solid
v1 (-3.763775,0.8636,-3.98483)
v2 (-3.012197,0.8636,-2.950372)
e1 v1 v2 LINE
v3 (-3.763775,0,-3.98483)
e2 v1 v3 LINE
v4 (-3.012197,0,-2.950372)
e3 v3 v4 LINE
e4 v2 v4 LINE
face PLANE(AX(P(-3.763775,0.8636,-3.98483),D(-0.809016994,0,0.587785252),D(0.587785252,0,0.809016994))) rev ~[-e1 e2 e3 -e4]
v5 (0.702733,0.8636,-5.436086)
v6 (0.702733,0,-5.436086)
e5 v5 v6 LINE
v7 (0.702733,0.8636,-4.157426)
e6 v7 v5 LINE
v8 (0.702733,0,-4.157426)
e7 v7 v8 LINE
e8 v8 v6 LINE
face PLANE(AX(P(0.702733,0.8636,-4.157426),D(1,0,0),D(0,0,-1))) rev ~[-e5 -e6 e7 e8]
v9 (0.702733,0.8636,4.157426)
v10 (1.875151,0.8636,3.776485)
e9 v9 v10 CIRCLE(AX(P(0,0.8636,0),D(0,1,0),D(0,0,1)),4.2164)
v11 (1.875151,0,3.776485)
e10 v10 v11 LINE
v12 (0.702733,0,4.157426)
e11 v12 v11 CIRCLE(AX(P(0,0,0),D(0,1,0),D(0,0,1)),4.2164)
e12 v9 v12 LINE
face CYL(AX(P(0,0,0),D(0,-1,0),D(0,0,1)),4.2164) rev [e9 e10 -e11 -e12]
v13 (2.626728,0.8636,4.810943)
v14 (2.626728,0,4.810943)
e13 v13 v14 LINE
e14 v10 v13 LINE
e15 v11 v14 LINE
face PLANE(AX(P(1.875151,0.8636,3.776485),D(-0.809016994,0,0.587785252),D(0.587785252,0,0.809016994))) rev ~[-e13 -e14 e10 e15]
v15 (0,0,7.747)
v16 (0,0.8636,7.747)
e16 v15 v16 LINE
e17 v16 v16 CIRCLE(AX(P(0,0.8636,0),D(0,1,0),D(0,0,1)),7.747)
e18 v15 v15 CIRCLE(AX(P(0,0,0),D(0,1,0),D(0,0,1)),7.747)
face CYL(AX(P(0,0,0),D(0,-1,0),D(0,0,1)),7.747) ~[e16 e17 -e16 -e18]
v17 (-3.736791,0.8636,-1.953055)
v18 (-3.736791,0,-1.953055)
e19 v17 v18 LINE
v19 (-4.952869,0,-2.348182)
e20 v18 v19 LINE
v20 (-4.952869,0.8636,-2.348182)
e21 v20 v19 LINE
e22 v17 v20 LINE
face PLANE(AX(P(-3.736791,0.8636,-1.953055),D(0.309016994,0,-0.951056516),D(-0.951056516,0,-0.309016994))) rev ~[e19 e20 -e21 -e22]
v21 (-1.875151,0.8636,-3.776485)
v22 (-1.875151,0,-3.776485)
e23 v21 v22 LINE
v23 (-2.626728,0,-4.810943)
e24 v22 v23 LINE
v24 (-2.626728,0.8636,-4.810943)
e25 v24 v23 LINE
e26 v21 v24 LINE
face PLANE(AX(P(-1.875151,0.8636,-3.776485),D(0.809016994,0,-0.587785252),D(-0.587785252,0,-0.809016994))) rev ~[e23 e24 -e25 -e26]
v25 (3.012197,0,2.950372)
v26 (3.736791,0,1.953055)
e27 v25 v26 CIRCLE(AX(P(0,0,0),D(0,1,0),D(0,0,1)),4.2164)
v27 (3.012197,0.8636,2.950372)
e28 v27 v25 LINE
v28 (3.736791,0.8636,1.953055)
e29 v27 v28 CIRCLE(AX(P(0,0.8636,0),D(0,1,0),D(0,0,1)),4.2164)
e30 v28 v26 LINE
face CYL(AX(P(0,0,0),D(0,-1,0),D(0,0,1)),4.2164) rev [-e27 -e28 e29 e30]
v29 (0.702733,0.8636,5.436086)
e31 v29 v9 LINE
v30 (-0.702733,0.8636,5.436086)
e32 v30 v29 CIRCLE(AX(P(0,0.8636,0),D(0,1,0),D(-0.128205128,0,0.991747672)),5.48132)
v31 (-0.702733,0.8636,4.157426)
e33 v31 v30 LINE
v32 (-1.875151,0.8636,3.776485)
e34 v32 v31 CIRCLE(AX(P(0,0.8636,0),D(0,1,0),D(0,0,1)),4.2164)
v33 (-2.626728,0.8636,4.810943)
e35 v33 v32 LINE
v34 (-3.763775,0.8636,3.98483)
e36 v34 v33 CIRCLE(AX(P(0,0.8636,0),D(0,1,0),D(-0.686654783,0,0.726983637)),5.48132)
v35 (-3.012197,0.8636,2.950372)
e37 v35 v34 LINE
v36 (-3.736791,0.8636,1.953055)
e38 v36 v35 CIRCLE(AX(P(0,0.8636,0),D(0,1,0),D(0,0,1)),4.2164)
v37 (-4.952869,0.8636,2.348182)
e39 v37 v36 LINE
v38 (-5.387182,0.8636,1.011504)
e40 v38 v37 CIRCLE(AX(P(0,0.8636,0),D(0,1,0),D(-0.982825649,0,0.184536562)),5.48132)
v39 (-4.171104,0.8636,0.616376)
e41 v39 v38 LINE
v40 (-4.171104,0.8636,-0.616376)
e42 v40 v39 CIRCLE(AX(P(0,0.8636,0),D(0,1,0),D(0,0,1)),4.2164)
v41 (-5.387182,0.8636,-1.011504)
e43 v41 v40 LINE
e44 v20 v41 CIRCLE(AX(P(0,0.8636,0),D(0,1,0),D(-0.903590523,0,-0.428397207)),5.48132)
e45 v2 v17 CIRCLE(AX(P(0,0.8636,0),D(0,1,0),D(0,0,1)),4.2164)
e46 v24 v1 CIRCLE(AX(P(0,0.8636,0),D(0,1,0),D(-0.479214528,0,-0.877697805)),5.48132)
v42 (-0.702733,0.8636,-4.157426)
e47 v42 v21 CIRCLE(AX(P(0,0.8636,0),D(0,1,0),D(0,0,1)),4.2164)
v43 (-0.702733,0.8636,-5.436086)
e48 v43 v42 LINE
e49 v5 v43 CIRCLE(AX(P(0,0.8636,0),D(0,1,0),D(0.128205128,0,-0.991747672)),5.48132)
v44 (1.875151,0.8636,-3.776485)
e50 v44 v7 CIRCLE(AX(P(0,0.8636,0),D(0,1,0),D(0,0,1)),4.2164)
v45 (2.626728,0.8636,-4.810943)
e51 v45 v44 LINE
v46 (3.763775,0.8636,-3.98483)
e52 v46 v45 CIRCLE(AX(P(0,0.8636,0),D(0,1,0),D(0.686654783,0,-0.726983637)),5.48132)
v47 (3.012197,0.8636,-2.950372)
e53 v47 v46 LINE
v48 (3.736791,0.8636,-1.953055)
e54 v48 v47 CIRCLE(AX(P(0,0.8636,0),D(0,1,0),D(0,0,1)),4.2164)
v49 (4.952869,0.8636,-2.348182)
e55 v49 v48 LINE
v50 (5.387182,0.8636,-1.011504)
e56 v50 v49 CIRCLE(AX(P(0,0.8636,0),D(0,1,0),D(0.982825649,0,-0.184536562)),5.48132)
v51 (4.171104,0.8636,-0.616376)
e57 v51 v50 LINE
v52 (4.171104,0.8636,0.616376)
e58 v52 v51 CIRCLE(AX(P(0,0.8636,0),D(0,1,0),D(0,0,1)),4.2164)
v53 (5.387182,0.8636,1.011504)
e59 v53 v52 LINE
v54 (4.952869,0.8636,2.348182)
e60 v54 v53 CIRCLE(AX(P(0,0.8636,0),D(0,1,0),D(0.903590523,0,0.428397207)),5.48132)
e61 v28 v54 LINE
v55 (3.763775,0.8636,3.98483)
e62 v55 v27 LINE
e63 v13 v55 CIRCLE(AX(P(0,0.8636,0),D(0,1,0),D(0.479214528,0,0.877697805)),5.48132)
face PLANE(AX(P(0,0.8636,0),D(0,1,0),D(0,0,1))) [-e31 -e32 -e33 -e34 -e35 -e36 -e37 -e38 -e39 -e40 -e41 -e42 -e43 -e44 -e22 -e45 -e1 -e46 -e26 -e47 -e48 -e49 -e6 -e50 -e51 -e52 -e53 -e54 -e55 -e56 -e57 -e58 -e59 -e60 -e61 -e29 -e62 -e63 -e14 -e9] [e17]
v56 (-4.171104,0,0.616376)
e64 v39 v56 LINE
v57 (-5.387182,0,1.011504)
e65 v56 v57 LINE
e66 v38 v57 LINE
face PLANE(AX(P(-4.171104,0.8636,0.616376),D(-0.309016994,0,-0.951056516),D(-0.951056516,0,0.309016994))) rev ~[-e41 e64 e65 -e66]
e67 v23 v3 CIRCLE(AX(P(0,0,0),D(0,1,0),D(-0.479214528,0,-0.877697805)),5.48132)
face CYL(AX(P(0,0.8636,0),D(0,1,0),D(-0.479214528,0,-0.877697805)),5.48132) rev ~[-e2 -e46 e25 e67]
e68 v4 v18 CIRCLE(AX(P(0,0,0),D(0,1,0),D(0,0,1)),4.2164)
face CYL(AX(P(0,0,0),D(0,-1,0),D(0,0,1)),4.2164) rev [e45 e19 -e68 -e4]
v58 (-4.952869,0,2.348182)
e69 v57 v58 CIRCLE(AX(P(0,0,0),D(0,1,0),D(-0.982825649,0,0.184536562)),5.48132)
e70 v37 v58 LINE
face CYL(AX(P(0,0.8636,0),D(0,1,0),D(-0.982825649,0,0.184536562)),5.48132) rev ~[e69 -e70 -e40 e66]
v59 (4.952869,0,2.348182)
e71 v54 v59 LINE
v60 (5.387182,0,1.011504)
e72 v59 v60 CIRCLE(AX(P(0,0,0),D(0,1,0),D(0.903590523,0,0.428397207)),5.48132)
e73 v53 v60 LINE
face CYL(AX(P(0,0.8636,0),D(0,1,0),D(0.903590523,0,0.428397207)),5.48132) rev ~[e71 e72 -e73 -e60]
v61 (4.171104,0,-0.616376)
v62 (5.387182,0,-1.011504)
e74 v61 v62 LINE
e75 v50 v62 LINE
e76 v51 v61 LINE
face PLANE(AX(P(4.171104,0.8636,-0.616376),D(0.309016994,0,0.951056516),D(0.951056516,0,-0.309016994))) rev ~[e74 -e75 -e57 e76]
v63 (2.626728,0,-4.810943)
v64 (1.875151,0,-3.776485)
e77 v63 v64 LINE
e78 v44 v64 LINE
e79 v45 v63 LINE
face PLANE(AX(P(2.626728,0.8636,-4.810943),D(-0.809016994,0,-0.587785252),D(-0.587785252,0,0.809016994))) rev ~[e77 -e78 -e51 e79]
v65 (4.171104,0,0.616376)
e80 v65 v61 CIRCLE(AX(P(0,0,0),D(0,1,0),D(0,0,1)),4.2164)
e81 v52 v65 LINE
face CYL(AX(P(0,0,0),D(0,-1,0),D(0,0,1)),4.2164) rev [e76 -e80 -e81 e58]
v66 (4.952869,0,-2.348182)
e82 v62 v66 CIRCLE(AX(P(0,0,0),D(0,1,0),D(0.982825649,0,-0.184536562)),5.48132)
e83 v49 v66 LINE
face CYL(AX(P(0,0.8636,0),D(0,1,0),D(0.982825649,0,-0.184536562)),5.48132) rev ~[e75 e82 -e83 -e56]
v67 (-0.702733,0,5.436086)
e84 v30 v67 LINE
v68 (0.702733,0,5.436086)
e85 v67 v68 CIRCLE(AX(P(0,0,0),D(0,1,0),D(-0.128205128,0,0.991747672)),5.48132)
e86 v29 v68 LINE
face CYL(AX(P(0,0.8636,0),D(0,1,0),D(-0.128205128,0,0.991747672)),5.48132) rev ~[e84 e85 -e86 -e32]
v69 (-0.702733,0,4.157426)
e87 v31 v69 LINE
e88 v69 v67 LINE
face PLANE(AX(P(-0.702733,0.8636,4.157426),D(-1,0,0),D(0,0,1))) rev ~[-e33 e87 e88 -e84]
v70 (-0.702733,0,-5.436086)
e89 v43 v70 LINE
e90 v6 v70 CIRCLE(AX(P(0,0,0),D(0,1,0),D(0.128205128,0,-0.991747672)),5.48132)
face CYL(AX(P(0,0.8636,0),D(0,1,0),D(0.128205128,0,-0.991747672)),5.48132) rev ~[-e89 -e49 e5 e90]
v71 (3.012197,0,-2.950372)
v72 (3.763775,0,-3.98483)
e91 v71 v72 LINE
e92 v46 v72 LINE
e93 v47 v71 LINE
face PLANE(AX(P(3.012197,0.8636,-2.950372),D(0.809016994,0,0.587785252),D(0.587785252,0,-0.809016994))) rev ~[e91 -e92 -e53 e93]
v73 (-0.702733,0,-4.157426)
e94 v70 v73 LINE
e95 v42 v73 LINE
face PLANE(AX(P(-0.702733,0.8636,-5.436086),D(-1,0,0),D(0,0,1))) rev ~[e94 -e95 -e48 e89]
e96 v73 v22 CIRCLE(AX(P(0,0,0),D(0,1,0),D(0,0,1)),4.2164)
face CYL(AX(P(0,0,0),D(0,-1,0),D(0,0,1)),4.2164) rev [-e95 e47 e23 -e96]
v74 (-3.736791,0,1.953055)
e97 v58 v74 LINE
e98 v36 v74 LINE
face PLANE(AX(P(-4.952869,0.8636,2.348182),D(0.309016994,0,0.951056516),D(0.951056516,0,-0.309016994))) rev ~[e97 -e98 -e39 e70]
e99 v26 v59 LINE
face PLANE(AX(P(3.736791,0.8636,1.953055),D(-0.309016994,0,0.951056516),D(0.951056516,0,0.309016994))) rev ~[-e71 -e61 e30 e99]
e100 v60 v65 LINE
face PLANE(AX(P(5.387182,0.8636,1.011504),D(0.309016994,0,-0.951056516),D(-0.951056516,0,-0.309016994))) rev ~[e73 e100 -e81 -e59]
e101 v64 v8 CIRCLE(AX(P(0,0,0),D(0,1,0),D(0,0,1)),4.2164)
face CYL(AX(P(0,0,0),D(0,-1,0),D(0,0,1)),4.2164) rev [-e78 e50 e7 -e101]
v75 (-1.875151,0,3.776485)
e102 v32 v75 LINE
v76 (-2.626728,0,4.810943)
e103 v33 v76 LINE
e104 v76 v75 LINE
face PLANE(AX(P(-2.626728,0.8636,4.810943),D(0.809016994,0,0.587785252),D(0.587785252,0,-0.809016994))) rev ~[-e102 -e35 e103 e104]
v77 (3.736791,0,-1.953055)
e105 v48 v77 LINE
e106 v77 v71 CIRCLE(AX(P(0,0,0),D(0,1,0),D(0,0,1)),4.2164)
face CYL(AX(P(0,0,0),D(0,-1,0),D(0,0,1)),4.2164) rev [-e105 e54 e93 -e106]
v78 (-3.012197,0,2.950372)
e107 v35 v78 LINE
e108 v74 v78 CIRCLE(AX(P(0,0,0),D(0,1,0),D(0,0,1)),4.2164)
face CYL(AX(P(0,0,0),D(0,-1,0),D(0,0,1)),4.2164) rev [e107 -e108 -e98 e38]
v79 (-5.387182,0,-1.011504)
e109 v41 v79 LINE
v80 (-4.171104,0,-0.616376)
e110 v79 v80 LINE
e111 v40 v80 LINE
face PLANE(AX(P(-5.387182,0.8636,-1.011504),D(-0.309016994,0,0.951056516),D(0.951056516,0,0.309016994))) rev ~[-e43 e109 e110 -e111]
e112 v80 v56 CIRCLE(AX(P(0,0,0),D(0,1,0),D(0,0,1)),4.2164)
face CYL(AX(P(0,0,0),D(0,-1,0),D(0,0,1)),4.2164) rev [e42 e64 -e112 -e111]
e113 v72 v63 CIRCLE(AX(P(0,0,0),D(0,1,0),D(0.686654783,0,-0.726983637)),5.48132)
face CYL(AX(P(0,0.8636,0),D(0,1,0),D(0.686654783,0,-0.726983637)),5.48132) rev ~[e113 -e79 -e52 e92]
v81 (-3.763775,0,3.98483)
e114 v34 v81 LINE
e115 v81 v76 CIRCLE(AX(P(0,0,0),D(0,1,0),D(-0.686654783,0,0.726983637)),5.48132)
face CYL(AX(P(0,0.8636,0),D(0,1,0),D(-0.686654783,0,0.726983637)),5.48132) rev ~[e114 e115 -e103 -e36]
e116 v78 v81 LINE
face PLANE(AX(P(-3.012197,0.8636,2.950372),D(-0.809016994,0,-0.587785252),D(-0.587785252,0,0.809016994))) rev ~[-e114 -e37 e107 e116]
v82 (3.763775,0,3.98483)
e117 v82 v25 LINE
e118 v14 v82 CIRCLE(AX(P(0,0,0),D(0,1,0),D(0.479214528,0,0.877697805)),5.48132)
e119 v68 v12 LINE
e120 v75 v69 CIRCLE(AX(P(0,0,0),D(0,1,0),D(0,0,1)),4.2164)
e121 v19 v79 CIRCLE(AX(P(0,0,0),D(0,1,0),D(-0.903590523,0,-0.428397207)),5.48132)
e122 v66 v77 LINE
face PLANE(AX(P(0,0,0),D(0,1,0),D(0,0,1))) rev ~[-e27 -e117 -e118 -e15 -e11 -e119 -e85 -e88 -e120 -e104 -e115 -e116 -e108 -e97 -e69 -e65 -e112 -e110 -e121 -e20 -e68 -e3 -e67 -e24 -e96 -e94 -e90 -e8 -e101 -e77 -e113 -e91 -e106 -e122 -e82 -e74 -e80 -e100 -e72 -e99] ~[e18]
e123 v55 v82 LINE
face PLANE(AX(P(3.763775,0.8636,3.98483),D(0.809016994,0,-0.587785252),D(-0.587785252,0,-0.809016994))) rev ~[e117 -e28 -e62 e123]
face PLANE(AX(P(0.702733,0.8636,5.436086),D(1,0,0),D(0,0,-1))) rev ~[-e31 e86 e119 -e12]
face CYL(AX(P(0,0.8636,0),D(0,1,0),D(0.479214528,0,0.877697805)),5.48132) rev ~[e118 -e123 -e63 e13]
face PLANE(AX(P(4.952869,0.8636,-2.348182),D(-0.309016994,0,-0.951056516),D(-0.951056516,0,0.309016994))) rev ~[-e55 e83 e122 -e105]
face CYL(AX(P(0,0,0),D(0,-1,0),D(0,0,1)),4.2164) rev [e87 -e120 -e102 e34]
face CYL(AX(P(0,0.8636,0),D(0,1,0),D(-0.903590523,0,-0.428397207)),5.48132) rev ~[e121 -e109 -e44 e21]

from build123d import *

# Parameters (mm, degrees)
SKETCH1_R          = 7.747
SKETCH1_R_2        = 4.2164
EXTRUDE1_DEPTH     = 0.8636
CUT_EXTRUDE1_DEPTH = 11.989896404
CIRPATTERN1_COUNT  = 10


with BuildPart() as part:
    # Sketch1 → Extrude1 (new body)
    with BuildSketch(Plane(origin=(0, 0, 0), x_dir=(1, 0, 0), z_dir=(0, 1, 0))):
        Circle(SKETCH1_R)
        Circle(SKETCH1_R_2, mode=Mode.SUBTRACT)
    extrude(amount=EXTRUDE1_DEPTH)

    # Sketch2 → Cut-Extrude1 (cut, through all)
    with BuildSketch(Plane(origin=(0, 0.8636, 0), x_dir=(-1, 0, 0), z_dir=(0, 1, 0))):
        with BuildLine():
            Line((-0.702733333, 5.43608635), (-0.702733333, 4.157426466))
            ThreePointArc((-0.702733333, 4.157426466), (0, 4.2164), (0.702733333, 4.157426466))
            Line((0.702733333, 4.157426466), (0.702733333, 5.43608635))
            ThreePointArc((0.702733333, 5.43608635), (0, 5.48132), (-0.702733333, 5.43608635))
        make_face()
    cut_extrude1 = extrude(amount=-CUT_EXTRUDE1_DEPTH, mode=Mode.SUBTRACT)

    # CirPattern1: Cut-Extrude1 ×10 about axis
    cirpattern1_axis = Axis((0, 7.230902229, 0), (0, -1, 0))
    for i in range(1, CIRPATTERN1_COUNT):
        add(cut_extrude1.rotate(cirpattern1_axis, i * 360 / CIRPATTERN1_COUNT), mode=Mode.SUBTRACT)


solid = part.part
